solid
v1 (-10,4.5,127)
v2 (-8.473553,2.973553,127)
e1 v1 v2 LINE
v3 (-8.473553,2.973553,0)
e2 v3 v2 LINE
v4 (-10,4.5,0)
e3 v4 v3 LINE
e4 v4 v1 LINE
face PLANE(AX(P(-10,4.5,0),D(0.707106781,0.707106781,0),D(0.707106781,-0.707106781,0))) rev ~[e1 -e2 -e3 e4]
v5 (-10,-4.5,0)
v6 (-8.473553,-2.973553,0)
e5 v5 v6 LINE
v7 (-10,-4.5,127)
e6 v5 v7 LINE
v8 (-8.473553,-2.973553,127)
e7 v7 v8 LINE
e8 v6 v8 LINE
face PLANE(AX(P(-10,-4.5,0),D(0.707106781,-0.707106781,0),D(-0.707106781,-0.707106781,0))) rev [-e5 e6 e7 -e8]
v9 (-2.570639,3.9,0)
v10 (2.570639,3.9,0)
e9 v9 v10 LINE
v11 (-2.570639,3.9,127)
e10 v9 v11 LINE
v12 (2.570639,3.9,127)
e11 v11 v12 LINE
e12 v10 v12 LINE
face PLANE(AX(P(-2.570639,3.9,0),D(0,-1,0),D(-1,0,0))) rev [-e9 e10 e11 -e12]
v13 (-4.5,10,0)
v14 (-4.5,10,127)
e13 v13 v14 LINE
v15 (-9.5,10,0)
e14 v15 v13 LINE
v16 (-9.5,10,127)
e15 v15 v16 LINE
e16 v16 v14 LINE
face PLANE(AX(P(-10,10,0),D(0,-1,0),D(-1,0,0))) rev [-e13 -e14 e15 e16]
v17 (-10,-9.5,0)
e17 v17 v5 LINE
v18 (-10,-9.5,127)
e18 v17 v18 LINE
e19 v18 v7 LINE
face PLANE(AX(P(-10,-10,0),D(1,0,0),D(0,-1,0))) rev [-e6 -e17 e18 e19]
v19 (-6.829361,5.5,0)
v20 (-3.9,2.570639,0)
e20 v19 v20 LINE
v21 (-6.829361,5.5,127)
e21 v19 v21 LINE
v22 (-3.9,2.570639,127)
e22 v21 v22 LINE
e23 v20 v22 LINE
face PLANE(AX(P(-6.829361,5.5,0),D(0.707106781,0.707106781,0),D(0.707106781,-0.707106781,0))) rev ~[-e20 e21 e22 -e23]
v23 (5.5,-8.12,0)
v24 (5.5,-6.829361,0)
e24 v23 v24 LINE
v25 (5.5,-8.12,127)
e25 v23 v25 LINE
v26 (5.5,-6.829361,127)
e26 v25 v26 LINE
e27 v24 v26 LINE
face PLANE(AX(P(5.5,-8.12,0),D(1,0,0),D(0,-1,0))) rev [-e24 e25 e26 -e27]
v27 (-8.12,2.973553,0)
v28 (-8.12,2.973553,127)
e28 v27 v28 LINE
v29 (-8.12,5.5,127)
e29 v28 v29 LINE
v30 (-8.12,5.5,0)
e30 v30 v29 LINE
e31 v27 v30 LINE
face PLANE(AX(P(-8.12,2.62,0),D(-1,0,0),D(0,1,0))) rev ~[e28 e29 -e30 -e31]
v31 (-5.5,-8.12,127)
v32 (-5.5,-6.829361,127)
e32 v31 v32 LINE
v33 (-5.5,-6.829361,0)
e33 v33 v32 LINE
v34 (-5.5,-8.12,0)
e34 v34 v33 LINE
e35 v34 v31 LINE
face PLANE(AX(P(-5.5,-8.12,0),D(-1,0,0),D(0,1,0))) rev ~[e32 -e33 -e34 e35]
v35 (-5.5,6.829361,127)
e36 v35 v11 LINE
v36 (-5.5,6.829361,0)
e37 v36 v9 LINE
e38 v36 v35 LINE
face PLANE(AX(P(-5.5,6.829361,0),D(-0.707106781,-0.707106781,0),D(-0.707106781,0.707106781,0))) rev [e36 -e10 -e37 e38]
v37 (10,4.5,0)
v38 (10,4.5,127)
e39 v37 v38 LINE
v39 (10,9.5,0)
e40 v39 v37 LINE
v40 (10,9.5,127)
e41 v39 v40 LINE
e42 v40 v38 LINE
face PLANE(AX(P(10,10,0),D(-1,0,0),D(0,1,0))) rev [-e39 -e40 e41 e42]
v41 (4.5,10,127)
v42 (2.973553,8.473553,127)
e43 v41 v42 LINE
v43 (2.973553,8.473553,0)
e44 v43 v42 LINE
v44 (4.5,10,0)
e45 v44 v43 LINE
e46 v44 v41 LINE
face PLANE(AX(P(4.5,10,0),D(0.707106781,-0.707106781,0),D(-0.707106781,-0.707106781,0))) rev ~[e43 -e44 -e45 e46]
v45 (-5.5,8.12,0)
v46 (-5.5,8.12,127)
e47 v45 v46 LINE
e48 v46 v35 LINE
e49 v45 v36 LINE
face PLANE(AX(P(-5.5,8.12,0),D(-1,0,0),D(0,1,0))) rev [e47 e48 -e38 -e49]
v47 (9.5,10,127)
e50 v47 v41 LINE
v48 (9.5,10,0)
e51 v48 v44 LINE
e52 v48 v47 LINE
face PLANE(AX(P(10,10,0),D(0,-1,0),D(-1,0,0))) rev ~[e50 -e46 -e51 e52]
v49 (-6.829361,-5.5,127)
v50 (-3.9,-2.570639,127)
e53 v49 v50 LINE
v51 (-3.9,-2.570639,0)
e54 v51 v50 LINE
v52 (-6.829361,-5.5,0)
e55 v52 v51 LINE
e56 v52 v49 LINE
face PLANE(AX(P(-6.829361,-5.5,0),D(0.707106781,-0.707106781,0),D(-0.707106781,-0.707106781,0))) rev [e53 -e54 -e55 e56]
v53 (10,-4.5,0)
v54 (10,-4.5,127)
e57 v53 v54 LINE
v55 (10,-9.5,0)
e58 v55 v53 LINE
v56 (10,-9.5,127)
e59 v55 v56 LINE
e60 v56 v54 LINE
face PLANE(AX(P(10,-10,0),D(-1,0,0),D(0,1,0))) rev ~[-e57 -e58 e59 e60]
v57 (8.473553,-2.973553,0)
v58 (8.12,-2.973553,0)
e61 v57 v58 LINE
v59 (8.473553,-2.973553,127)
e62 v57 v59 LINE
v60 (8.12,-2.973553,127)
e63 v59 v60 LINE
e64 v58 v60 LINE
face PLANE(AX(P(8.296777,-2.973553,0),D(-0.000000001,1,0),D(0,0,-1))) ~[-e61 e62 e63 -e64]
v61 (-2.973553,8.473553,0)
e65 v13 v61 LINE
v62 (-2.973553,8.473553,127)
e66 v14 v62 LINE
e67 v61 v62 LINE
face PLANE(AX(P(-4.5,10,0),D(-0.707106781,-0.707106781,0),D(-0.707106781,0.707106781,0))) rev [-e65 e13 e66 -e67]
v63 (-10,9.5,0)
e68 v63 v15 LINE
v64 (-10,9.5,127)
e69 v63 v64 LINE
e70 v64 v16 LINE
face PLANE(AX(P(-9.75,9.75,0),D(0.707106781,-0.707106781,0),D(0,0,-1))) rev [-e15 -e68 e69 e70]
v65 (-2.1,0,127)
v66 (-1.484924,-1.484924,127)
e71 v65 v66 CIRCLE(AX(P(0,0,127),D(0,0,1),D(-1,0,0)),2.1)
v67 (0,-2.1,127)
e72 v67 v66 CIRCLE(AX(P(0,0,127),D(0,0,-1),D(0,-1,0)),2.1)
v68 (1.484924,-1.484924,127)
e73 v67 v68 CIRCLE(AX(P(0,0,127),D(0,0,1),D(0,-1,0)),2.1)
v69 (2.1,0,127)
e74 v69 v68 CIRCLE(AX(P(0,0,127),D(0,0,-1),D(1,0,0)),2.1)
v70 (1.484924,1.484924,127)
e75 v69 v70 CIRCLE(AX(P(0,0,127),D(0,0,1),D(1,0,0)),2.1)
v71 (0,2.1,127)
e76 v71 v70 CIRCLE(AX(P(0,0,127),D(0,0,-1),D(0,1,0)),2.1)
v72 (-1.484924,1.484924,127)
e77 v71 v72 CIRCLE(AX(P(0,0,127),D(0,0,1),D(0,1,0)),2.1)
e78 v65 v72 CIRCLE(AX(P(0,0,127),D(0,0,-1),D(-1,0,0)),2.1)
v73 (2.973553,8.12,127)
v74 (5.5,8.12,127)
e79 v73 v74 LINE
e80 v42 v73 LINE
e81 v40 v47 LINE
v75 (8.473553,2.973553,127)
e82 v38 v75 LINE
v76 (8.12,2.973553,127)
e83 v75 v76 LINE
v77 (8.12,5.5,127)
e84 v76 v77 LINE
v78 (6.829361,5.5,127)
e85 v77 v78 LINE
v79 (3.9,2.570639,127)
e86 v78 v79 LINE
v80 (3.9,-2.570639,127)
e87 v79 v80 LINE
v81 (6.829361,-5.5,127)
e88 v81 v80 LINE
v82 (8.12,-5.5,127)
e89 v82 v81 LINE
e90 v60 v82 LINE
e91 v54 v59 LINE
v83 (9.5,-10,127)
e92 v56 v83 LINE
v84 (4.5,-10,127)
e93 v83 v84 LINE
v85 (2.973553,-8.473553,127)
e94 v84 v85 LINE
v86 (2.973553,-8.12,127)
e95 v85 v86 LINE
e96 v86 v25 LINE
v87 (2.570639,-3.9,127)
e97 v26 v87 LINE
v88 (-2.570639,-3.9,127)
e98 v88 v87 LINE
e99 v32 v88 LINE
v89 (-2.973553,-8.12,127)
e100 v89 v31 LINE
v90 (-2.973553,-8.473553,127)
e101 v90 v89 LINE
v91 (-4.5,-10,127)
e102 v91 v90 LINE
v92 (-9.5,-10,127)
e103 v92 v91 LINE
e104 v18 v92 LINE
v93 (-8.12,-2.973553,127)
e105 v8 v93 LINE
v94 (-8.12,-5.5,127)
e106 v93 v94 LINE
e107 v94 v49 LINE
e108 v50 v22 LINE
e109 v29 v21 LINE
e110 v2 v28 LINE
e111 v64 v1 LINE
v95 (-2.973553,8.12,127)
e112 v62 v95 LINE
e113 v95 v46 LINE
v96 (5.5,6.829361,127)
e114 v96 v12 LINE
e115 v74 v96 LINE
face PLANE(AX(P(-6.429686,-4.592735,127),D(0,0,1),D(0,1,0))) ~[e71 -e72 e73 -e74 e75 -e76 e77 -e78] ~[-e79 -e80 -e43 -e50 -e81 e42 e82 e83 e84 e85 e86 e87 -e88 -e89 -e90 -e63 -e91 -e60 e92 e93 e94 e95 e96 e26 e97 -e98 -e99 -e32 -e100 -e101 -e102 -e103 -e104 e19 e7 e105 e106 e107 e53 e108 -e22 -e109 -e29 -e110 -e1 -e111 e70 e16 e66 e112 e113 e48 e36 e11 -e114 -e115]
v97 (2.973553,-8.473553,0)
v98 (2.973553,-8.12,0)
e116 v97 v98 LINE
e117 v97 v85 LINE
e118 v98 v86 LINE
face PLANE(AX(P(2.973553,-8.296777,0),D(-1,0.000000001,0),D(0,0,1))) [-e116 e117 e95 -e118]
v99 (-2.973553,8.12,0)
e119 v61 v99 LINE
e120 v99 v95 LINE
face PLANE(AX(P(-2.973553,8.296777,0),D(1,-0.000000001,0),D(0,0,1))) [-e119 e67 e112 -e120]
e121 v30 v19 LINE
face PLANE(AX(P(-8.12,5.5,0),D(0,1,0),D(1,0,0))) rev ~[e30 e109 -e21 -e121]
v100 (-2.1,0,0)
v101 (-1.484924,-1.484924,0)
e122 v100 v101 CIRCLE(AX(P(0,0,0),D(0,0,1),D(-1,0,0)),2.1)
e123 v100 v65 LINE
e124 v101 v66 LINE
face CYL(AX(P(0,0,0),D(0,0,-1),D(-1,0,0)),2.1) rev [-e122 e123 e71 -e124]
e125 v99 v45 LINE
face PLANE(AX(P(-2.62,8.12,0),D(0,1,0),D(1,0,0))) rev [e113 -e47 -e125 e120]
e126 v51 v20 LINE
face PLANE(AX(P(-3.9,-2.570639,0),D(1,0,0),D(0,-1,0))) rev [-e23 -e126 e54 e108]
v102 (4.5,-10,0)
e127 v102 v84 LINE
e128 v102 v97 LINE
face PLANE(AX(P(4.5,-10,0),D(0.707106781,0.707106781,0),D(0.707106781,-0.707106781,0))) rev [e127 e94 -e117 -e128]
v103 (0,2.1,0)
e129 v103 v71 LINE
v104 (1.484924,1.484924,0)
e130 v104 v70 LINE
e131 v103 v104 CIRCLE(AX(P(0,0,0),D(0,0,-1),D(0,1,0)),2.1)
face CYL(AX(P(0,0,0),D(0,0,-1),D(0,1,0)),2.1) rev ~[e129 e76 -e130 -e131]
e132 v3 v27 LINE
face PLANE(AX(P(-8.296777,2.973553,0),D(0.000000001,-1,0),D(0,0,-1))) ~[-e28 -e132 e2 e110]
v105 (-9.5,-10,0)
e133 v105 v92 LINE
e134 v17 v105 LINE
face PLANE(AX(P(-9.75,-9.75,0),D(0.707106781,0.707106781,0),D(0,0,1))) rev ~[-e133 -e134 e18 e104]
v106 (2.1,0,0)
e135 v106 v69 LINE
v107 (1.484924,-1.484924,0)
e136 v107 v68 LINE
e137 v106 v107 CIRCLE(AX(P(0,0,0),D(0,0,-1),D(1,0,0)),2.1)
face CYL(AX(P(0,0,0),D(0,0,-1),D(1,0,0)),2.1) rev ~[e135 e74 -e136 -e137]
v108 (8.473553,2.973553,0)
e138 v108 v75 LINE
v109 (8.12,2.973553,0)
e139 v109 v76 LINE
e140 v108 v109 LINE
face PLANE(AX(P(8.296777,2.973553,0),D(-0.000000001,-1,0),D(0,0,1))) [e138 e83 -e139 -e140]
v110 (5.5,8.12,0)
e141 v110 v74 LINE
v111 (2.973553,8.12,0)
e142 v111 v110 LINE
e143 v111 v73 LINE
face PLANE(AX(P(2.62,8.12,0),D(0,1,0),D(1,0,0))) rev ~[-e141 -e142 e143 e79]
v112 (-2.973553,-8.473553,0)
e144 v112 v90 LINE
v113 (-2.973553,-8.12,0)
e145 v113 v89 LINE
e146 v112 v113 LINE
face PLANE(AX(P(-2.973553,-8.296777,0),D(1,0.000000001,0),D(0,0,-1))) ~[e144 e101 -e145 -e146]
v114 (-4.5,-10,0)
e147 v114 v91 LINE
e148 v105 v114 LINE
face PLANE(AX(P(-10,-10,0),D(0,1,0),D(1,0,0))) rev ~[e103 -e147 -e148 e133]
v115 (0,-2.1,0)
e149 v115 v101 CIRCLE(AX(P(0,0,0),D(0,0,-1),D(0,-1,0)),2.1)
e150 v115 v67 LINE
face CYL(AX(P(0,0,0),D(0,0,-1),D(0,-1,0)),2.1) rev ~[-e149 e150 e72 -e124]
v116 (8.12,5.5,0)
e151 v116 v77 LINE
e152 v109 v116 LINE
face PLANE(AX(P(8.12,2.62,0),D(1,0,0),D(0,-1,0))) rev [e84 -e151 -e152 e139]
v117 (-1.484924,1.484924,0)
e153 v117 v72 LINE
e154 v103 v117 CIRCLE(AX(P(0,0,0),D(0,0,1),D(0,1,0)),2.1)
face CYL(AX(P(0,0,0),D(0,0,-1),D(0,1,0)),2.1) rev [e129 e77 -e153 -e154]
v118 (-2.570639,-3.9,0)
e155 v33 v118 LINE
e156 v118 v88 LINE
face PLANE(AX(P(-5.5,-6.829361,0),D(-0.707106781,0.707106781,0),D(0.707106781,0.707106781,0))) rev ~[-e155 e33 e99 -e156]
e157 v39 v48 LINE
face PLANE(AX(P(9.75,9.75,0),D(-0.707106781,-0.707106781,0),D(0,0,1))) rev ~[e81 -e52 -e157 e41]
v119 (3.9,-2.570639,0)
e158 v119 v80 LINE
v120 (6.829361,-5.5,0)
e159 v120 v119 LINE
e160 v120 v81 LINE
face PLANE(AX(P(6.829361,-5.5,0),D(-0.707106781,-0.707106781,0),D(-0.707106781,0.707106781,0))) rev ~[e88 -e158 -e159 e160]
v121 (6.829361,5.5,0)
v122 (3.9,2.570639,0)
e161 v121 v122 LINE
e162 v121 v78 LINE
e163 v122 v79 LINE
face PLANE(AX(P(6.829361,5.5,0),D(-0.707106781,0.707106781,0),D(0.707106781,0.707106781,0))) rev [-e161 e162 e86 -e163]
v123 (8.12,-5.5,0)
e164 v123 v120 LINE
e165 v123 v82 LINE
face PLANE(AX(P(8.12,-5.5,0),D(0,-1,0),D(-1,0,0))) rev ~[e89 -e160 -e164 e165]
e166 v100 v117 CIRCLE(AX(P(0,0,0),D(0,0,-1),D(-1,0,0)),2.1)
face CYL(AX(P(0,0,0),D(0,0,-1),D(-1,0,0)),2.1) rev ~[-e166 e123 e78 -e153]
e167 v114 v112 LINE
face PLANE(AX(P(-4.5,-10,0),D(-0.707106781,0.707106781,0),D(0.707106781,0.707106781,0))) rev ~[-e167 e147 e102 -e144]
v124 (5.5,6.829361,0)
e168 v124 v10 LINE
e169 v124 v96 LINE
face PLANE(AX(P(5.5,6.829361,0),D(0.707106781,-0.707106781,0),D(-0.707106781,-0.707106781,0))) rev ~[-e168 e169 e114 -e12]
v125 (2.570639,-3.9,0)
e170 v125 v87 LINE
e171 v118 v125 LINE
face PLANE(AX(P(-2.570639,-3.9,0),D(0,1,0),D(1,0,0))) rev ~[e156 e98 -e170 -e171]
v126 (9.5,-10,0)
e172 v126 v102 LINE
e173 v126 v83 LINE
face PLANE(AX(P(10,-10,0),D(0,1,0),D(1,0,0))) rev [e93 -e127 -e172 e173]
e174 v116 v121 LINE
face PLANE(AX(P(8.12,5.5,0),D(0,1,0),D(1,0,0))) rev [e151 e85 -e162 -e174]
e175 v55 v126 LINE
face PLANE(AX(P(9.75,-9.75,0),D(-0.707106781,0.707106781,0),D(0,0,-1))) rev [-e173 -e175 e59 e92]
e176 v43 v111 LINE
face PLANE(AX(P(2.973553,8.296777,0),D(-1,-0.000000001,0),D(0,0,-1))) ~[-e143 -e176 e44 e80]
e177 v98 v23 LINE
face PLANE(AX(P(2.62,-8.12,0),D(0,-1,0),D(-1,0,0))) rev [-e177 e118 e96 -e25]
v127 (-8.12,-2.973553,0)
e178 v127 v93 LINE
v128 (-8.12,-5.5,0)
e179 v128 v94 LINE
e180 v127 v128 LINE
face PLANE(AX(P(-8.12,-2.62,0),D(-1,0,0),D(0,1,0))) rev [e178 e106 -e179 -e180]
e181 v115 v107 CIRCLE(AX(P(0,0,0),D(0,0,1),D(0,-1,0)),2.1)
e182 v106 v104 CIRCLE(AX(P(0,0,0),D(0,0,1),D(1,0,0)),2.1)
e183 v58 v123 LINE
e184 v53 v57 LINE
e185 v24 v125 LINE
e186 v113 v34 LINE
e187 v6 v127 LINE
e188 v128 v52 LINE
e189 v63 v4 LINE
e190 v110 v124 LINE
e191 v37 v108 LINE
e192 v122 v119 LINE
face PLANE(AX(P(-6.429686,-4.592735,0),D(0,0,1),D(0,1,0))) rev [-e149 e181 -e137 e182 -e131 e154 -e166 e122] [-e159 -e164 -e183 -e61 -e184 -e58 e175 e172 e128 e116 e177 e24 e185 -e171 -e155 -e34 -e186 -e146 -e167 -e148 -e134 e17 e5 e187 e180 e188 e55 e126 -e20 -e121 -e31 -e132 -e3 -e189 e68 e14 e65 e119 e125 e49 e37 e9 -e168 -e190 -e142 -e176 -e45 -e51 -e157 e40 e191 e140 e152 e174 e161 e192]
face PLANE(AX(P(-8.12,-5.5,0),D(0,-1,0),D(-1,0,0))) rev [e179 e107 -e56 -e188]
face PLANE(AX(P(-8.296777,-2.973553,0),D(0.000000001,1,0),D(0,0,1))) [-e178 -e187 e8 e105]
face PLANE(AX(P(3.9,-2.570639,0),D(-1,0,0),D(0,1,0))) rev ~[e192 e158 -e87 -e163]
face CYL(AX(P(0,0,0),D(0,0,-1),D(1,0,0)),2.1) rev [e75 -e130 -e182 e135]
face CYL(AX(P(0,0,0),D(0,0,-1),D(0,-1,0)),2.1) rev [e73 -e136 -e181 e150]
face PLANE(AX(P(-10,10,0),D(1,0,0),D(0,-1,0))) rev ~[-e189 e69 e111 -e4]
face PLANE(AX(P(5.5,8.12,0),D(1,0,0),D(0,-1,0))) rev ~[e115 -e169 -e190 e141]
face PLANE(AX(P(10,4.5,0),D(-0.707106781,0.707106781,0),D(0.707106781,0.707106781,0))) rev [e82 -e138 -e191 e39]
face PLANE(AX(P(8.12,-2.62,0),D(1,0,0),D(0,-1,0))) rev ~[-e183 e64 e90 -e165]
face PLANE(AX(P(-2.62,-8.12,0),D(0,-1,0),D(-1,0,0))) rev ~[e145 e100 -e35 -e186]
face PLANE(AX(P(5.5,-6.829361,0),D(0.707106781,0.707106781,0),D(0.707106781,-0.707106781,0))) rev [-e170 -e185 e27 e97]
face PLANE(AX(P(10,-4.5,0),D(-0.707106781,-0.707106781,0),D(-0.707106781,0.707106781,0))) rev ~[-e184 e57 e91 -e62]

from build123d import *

# Parameters (mm, degrees)
BOSS_EXTRUDE1_DEPTH = 127
CHAMFER2_SIZE       = 0.5
CHAMFER2_SIZE2      = 0.353553391
CHAMFER1_SIZE       = 0.5


with BuildPart() as part:
    # Sketch1 → Boss-Extrude1 (new body)
    with BuildSketch(Plane.XY):
        with BuildLine():
            Line((5.5, 6.829360749), (2.570639251, 3.9))
            Line((2.570639251, 3.9), (0, 3.9))
            Line((0, 3.9), (0, 2.1))
            ThreePointArc((0, 2.1), (0.803635208, 1.940147018), (1.48492424, 1.48492424))
            Line((1.48492424, 1.48492424), (10, 10))
            Line((10, 10), (4.5, 10))
            Line((4.5, 10), (2.62, 8.12))
            Line((2.62, 8.12), (5.5, 8.12))
            Line((5.5, 8.12), (5.5, 6.829360749))
        make_face()
    extrude(amount=BOSS_EXTRUDE1_DEPTH)

    # Chamfer2
    chamfer2_edges = [part.edges().sort_by_distance(p)[0] for p in [
        (2.62, 8.12, 63.5),
    ]]
    chamfer2_side = [part.faces().sort_by_distance(p)[0] for p in [
        (3.56, 9.06, 63.5),
    ]]
    chamfer(chamfer2_edges, length=CHAMFER2_SIZE, length2=CHAMFER2_SIZE2, reference=chamfer2_side[0])

    # Mirror1: part across plane


with BuildPart() as part_1:
    add(part.part)
    add(part.part.mirror(Plane(origin=(10, 10, 127), x_dir=(0, 0, 1), z_dir=(-0.707106781186544, 0.7071067811865511, 0))))

    # Chamfer1
    chamfer1_edges = [part_1.edges().sort_by_distance(p)[0] for p in [
        (10, 10, 63.5),
    ]]
    chamfer(chamfer1_edges, length=CHAMFER1_SIZE)

    # Mirror4: part across plane


with BuildPart() as part_2:
    add(part_1.part)
    add(part_1.part.mirror(Plane(origin=(0, 3.9, 127), x_dir=(0, 0, 1), z_dir=(1, 0, 0))))

    # Mirror5: part across plane


with BuildPart() as part_3:
    add(part_2.part)
    add(part_2.part.mirror(Plane(origin=(-3.9, 0, 127), x_dir=(0, 0, 1), z_dir=(0, 1, 0))))


solid = part_3.part
